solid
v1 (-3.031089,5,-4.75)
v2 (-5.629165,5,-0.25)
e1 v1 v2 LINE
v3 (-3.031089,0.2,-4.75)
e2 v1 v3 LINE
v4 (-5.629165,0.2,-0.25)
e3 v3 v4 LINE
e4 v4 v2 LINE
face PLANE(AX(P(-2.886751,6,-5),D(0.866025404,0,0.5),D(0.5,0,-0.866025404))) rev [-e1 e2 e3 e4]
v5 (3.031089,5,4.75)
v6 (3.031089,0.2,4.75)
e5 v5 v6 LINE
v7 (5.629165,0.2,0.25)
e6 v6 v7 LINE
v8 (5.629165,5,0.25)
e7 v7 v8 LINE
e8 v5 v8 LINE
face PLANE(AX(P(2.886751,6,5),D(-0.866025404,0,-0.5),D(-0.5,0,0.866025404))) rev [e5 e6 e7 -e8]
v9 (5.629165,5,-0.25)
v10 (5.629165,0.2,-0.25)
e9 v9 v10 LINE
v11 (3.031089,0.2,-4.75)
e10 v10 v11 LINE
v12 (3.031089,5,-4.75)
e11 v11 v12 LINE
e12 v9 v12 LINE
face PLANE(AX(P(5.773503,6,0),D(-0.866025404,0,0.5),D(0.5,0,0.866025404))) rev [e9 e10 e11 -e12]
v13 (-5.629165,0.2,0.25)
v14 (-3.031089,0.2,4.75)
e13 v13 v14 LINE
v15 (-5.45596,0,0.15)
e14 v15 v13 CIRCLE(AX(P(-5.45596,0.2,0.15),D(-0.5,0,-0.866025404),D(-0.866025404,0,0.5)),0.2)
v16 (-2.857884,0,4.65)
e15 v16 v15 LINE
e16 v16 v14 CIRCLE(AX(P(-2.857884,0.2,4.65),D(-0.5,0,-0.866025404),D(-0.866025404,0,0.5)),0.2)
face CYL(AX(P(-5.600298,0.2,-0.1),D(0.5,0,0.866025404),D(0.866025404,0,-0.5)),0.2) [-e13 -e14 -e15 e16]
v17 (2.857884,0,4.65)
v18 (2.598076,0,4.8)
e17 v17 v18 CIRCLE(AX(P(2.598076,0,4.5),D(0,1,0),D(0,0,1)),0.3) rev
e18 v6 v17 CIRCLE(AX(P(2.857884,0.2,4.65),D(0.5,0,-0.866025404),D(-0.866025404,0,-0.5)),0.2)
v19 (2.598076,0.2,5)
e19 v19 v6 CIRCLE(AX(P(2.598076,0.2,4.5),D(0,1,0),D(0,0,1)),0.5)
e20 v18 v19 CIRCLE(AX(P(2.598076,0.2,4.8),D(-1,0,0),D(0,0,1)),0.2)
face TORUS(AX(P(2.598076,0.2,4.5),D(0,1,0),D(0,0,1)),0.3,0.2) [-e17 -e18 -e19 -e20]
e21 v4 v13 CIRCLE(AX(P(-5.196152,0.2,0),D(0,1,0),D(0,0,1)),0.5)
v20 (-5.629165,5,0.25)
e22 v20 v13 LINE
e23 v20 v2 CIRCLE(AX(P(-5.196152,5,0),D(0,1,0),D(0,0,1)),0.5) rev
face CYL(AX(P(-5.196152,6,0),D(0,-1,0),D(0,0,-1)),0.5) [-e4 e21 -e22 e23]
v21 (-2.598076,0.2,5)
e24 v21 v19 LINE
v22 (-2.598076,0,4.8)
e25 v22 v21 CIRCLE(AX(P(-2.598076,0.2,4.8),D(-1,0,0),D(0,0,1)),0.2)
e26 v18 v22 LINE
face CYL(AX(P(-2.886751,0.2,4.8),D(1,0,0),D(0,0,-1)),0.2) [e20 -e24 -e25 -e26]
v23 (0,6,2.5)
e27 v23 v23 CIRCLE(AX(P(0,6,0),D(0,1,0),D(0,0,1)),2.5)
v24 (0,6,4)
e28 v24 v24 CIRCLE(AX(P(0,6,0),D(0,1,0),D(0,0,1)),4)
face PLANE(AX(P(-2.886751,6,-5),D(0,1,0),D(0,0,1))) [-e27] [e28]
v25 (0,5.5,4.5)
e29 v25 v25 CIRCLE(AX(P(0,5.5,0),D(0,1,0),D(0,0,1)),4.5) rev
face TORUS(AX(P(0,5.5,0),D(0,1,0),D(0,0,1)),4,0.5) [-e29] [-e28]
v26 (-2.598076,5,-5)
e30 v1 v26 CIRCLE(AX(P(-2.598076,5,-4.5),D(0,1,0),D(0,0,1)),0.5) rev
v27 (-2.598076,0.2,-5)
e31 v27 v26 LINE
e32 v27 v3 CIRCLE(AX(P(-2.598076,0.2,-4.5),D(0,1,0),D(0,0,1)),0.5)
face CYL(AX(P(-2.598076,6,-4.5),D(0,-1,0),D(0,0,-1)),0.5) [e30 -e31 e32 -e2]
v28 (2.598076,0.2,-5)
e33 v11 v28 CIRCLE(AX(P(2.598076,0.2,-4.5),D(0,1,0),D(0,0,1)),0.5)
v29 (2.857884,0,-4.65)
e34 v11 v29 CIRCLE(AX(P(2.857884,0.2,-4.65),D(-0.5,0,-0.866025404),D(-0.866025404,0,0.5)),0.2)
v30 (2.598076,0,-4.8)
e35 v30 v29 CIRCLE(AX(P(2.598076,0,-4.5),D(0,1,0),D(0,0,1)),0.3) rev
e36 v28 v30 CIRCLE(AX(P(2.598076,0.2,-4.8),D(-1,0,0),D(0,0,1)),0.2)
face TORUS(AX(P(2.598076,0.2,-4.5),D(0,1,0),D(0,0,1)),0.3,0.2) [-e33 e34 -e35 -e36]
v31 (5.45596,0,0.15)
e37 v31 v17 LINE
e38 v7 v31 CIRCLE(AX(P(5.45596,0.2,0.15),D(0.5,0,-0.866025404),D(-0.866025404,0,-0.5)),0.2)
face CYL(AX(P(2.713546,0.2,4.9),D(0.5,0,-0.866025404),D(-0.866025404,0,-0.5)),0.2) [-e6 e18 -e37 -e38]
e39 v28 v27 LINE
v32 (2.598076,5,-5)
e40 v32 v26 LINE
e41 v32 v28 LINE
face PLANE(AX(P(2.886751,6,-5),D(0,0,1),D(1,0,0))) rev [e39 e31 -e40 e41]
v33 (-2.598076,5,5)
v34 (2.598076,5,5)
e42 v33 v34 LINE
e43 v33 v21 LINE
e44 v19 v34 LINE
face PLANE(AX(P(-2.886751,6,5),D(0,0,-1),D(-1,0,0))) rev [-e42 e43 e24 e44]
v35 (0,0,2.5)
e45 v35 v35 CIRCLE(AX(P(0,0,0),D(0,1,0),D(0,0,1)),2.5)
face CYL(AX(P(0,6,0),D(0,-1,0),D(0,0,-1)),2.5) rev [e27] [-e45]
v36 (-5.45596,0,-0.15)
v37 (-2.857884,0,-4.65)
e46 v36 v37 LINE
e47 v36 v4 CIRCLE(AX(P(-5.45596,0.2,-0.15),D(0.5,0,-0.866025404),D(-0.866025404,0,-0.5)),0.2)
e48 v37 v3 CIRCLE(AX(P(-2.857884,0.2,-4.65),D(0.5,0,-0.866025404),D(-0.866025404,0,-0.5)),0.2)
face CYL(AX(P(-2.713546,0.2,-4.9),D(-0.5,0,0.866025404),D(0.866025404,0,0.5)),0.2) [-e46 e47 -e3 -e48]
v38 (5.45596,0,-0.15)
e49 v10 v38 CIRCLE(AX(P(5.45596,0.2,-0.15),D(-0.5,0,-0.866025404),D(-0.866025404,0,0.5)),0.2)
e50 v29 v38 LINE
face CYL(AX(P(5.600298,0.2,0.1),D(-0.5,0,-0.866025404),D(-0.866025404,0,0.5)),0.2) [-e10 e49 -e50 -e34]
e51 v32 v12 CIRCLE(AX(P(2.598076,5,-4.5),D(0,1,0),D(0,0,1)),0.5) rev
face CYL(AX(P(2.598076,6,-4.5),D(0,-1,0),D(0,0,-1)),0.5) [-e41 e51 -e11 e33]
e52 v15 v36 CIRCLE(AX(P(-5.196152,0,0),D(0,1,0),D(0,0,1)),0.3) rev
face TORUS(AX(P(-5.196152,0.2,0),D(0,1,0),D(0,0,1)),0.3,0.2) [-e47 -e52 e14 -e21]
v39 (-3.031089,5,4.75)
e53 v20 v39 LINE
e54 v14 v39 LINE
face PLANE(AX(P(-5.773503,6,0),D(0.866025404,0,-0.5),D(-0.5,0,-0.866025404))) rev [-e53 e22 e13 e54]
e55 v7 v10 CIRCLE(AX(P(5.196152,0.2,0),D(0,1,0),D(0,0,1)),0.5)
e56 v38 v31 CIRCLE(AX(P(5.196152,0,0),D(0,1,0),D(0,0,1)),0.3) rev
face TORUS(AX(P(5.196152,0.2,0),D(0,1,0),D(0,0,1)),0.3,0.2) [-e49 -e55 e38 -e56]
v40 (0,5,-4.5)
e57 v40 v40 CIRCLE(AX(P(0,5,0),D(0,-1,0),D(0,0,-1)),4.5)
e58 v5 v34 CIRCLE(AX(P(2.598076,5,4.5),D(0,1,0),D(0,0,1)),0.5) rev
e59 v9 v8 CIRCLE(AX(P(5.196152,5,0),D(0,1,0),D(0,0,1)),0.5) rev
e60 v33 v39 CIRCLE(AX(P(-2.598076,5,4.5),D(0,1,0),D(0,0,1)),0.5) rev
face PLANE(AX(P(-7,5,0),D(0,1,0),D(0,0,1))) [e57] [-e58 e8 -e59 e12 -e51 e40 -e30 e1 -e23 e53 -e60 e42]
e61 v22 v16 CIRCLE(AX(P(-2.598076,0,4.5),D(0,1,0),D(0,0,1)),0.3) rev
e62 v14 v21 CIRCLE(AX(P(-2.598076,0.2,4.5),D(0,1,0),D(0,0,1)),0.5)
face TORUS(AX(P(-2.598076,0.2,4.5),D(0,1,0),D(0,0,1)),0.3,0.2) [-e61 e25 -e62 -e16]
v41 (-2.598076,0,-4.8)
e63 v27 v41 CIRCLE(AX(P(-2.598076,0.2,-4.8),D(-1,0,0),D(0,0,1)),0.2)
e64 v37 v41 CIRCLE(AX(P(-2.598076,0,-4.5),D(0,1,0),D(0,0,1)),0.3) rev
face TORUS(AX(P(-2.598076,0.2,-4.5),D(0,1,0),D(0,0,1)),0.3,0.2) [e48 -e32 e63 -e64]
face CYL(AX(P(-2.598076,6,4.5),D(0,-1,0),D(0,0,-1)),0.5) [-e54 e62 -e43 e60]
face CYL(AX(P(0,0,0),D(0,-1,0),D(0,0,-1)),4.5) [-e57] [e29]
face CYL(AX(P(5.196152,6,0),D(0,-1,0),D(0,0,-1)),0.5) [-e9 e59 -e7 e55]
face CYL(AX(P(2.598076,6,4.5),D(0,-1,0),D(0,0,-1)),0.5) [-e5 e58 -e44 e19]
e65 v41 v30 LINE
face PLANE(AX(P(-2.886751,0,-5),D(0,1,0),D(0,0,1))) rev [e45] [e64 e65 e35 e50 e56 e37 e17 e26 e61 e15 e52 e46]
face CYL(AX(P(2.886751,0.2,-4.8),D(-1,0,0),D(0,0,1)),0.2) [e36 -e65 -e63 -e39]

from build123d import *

# Parameters (mm, degrees)
CROQUIS1_R              = 2.5
SALIENTE_EXTRUIR1_DEPTH = 6
REDONDEO1_R             = 0.5
REDONDEO2_R             = 0.2
CROQUIS3_W              = 2.5
CROQUIS3_H              = 1
REDONDEO3_R             = 0.5


with BuildPart() as part:
    # Croquis1 → Saliente-Extruir1 (new body)
    with BuildSketch(Plane(origin=(0, 0, 0), x_dir=(1, 0, 0), z_dir=(0, 1, 0))):
        Polygon((-2.886751346, 5), (-5.773502692, 0), (-2.886751346, -5), (2.886751346, -5), (5.773502692, 0), (2.886751346, 5), align=None)
        Circle(CROQUIS1_R, mode=Mode.SUBTRACT)
    extrude(amount=SALIENTE_EXTRUIR1_DEPTH)

    # Redondeo1
    redondeo1_edges = [part.edges().sort_by_distance(p)[0] for p in [
        (2.886751346, 3, -5),
        (5.773502692, 3, 0),
        (2.886751346, 3, 5),
        (-2.886751346, 3, 5),
        (-5.773502692, 3, 0),
        (-2.886751346, 3, -5),
    ]]
    fillet(redondeo1_edges, radius=REDONDEO1_R)

    # Redondeo2
    redondeo2_edges = [part.edges().sort_by_distance(p)[0] for p in [
        (-4.330127019, 0, -2.5),
        (-4.330127019, 6, -2.5),
        (0, 0, -5),
        (4.330127019, 0, -2.5),
        (4.330127019, 0, 2.5),
        (0, 0, 5),
        (-4.330127019, 0, 2.5),
        (-2.848076211, 0, 4.933012702),
        (-5.696152423, 0, 0),
        (2.848076211, 0, 4.933012702),
        (5.696152423, 0, 0),
        (2.848076211, 0, -4.933012702),
        (-2.848076211, 0, -4.933012702),
        (0, 6, -5),
        (-4.330127019, 6, 2.5),
        (0, 6, 5),
        (4.330127019, 6, 2.5),
        (4.330127019, 6, -2.5),
        (-2.848076211, 6, 4.933012702),
        (-5.696152423, 6, 0),
        (2.848076211, 6, 4.933012702),
        (5.696152423, 6, 0),
        (2.848076211, 6, -4.933012702),
        (-2.848076211, 6, -4.933012702),
    ]]
    fillet(redondeo2_edges, radius=REDONDEO2_R)

    # Croquis3 → Cortar-Revolución1 (revolve, cut)
    with BuildSketch(Plane.XY):
        with Locations((-5.75, 5.5)):
            Rectangle(CROQUIS3_W, CROQUIS3_H)
    revolve(axis=Axis((0, 0, 0), (0, 1, 0)), mode=Mode.SUBTRACT)

    # Redondeo3
    redondeo3_edges = [part.edges().sort_by_distance(p)[0] for p in [
        (4.5, 6, 0),
    ]]
    fillet(redondeo3_edges, radius=REDONDEO3_R)


solid = part.part
